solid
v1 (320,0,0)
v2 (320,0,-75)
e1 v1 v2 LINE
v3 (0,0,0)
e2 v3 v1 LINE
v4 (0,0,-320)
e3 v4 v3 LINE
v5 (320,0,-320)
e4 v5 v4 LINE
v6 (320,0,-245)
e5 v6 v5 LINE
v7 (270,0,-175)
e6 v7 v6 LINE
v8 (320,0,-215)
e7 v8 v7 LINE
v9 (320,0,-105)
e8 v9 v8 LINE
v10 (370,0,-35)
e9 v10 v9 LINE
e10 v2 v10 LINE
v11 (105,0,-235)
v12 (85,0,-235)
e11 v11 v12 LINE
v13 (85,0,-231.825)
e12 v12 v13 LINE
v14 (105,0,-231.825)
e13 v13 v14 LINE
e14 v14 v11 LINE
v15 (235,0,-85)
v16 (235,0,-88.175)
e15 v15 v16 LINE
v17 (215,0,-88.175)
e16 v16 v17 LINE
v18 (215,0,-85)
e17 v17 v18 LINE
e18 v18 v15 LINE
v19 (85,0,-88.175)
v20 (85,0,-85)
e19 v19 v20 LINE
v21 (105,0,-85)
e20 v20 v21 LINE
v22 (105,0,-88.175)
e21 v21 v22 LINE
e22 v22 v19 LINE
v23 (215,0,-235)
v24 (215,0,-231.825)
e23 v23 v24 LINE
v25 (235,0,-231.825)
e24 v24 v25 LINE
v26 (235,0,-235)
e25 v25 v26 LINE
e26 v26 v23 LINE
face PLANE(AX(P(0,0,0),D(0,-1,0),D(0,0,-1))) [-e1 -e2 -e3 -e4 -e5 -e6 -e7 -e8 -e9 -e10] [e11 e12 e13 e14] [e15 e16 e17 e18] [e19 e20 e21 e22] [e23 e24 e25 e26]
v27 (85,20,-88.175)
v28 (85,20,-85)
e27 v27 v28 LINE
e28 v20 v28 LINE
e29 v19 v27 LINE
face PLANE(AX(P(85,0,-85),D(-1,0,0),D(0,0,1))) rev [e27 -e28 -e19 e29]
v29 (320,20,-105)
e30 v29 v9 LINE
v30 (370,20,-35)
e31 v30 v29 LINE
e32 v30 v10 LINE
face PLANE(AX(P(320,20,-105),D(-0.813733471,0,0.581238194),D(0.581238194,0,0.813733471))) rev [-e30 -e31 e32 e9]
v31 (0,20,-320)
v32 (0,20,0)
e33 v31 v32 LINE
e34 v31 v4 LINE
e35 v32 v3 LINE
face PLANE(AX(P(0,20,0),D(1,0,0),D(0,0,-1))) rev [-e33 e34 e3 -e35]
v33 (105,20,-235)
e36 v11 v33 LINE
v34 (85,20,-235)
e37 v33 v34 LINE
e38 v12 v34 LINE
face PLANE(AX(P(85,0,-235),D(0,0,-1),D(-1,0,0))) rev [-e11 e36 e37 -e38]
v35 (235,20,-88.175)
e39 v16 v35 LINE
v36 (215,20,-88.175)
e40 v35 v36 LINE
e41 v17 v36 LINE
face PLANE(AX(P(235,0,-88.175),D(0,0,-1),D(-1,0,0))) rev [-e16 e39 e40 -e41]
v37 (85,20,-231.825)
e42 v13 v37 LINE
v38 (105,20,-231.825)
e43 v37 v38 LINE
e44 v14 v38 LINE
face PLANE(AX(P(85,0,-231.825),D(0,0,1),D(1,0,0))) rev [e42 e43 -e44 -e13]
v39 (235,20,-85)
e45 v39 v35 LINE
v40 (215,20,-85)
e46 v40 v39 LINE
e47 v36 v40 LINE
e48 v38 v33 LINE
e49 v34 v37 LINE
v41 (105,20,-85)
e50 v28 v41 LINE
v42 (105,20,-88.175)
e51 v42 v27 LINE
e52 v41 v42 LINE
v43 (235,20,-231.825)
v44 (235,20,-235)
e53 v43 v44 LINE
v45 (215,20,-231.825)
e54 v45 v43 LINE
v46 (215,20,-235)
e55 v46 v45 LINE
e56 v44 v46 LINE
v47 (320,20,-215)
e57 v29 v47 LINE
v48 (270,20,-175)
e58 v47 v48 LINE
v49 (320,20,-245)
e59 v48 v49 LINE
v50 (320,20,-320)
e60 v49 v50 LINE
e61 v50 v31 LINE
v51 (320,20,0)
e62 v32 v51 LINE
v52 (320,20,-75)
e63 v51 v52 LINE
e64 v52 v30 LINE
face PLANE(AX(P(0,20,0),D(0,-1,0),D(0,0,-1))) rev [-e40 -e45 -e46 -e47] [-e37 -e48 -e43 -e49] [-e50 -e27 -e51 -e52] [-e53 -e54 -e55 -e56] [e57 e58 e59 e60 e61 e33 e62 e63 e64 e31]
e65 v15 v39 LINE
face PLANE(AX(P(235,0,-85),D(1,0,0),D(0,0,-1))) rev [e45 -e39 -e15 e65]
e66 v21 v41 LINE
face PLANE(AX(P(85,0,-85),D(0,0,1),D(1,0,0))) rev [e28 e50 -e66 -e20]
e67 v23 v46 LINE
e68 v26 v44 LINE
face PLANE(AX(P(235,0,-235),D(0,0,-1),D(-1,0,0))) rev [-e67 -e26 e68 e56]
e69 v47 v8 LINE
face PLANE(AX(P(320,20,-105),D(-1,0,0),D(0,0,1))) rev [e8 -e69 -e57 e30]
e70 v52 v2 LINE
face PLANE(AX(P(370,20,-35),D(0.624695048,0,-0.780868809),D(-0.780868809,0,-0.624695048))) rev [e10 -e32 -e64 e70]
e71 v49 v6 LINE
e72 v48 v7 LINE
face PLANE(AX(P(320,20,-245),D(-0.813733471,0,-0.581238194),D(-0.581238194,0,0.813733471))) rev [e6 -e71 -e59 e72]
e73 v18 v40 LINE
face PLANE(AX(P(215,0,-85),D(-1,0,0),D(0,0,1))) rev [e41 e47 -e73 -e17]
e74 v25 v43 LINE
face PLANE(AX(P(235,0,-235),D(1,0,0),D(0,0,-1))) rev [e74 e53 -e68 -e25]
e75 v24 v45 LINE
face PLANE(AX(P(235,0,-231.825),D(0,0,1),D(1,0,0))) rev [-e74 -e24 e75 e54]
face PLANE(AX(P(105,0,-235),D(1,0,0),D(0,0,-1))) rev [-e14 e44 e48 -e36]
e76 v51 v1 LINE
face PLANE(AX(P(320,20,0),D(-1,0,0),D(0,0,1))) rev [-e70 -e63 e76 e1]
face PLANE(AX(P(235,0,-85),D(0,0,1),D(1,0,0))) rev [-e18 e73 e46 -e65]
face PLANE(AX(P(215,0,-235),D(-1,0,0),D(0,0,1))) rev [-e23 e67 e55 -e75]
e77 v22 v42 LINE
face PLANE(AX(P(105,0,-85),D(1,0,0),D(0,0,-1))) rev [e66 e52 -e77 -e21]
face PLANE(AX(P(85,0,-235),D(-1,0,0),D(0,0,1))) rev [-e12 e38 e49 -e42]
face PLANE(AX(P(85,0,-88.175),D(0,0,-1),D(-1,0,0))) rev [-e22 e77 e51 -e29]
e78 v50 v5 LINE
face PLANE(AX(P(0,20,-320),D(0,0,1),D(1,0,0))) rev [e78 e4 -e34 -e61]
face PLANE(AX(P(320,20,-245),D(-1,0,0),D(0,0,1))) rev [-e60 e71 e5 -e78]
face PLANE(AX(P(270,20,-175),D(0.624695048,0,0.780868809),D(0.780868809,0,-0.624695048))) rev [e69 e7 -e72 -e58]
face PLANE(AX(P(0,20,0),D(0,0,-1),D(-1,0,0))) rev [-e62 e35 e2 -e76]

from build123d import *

# Parameters (mm, degrees)
BOSS_EXTRUDE1_DEPTH = 20
SKETCH2_W           = 20
SKETCH2_H           = 3.175
CUT_EXTRUDE2_DEPTH  = 490.591666596


with BuildPart() as part:
    # Sketch1 → Boss-Extrude1 (new body)
    with BuildSketch(Plane(origin=(0, 0, 0), x_dir=(1, 0, 0), z_dir=(0, 1, 0))):
        Polygon((320, 245), (270, 175), (320, 215), (320, 105), (370, 35), (320, 75), (320, 0), (0, 0), (0, 320), (320, 320), align=None)
    extrude(amount=BOSS_EXTRUDE1_DEPTH)

    # Sketch2 → Cut-Extrude2 (cut, through all)
    with BuildSketch(Plane(origin=(0, 20, 0), x_dir=(1, 0, 0), z_dir=(0, 1, 0))):
        with Locations((225, 233.4125)):
            Rectangle(SKETCH2_W, SKETCH2_H)
        with Locations((95, 233.4125)):
            Rectangle(SKETCH2_W, SKETCH2_H)
        with Locations((95, 86.5875)):
            Rectangle(SKETCH2_W, SKETCH2_H)
        with Locations((225, 86.5875)):
            Rectangle(SKETCH2_W, SKETCH2_H)
    extrude(amount=-CUT_EXTRUDE2_DEPTH, mode=Mode.SUBTRACT)


solid = part.part
